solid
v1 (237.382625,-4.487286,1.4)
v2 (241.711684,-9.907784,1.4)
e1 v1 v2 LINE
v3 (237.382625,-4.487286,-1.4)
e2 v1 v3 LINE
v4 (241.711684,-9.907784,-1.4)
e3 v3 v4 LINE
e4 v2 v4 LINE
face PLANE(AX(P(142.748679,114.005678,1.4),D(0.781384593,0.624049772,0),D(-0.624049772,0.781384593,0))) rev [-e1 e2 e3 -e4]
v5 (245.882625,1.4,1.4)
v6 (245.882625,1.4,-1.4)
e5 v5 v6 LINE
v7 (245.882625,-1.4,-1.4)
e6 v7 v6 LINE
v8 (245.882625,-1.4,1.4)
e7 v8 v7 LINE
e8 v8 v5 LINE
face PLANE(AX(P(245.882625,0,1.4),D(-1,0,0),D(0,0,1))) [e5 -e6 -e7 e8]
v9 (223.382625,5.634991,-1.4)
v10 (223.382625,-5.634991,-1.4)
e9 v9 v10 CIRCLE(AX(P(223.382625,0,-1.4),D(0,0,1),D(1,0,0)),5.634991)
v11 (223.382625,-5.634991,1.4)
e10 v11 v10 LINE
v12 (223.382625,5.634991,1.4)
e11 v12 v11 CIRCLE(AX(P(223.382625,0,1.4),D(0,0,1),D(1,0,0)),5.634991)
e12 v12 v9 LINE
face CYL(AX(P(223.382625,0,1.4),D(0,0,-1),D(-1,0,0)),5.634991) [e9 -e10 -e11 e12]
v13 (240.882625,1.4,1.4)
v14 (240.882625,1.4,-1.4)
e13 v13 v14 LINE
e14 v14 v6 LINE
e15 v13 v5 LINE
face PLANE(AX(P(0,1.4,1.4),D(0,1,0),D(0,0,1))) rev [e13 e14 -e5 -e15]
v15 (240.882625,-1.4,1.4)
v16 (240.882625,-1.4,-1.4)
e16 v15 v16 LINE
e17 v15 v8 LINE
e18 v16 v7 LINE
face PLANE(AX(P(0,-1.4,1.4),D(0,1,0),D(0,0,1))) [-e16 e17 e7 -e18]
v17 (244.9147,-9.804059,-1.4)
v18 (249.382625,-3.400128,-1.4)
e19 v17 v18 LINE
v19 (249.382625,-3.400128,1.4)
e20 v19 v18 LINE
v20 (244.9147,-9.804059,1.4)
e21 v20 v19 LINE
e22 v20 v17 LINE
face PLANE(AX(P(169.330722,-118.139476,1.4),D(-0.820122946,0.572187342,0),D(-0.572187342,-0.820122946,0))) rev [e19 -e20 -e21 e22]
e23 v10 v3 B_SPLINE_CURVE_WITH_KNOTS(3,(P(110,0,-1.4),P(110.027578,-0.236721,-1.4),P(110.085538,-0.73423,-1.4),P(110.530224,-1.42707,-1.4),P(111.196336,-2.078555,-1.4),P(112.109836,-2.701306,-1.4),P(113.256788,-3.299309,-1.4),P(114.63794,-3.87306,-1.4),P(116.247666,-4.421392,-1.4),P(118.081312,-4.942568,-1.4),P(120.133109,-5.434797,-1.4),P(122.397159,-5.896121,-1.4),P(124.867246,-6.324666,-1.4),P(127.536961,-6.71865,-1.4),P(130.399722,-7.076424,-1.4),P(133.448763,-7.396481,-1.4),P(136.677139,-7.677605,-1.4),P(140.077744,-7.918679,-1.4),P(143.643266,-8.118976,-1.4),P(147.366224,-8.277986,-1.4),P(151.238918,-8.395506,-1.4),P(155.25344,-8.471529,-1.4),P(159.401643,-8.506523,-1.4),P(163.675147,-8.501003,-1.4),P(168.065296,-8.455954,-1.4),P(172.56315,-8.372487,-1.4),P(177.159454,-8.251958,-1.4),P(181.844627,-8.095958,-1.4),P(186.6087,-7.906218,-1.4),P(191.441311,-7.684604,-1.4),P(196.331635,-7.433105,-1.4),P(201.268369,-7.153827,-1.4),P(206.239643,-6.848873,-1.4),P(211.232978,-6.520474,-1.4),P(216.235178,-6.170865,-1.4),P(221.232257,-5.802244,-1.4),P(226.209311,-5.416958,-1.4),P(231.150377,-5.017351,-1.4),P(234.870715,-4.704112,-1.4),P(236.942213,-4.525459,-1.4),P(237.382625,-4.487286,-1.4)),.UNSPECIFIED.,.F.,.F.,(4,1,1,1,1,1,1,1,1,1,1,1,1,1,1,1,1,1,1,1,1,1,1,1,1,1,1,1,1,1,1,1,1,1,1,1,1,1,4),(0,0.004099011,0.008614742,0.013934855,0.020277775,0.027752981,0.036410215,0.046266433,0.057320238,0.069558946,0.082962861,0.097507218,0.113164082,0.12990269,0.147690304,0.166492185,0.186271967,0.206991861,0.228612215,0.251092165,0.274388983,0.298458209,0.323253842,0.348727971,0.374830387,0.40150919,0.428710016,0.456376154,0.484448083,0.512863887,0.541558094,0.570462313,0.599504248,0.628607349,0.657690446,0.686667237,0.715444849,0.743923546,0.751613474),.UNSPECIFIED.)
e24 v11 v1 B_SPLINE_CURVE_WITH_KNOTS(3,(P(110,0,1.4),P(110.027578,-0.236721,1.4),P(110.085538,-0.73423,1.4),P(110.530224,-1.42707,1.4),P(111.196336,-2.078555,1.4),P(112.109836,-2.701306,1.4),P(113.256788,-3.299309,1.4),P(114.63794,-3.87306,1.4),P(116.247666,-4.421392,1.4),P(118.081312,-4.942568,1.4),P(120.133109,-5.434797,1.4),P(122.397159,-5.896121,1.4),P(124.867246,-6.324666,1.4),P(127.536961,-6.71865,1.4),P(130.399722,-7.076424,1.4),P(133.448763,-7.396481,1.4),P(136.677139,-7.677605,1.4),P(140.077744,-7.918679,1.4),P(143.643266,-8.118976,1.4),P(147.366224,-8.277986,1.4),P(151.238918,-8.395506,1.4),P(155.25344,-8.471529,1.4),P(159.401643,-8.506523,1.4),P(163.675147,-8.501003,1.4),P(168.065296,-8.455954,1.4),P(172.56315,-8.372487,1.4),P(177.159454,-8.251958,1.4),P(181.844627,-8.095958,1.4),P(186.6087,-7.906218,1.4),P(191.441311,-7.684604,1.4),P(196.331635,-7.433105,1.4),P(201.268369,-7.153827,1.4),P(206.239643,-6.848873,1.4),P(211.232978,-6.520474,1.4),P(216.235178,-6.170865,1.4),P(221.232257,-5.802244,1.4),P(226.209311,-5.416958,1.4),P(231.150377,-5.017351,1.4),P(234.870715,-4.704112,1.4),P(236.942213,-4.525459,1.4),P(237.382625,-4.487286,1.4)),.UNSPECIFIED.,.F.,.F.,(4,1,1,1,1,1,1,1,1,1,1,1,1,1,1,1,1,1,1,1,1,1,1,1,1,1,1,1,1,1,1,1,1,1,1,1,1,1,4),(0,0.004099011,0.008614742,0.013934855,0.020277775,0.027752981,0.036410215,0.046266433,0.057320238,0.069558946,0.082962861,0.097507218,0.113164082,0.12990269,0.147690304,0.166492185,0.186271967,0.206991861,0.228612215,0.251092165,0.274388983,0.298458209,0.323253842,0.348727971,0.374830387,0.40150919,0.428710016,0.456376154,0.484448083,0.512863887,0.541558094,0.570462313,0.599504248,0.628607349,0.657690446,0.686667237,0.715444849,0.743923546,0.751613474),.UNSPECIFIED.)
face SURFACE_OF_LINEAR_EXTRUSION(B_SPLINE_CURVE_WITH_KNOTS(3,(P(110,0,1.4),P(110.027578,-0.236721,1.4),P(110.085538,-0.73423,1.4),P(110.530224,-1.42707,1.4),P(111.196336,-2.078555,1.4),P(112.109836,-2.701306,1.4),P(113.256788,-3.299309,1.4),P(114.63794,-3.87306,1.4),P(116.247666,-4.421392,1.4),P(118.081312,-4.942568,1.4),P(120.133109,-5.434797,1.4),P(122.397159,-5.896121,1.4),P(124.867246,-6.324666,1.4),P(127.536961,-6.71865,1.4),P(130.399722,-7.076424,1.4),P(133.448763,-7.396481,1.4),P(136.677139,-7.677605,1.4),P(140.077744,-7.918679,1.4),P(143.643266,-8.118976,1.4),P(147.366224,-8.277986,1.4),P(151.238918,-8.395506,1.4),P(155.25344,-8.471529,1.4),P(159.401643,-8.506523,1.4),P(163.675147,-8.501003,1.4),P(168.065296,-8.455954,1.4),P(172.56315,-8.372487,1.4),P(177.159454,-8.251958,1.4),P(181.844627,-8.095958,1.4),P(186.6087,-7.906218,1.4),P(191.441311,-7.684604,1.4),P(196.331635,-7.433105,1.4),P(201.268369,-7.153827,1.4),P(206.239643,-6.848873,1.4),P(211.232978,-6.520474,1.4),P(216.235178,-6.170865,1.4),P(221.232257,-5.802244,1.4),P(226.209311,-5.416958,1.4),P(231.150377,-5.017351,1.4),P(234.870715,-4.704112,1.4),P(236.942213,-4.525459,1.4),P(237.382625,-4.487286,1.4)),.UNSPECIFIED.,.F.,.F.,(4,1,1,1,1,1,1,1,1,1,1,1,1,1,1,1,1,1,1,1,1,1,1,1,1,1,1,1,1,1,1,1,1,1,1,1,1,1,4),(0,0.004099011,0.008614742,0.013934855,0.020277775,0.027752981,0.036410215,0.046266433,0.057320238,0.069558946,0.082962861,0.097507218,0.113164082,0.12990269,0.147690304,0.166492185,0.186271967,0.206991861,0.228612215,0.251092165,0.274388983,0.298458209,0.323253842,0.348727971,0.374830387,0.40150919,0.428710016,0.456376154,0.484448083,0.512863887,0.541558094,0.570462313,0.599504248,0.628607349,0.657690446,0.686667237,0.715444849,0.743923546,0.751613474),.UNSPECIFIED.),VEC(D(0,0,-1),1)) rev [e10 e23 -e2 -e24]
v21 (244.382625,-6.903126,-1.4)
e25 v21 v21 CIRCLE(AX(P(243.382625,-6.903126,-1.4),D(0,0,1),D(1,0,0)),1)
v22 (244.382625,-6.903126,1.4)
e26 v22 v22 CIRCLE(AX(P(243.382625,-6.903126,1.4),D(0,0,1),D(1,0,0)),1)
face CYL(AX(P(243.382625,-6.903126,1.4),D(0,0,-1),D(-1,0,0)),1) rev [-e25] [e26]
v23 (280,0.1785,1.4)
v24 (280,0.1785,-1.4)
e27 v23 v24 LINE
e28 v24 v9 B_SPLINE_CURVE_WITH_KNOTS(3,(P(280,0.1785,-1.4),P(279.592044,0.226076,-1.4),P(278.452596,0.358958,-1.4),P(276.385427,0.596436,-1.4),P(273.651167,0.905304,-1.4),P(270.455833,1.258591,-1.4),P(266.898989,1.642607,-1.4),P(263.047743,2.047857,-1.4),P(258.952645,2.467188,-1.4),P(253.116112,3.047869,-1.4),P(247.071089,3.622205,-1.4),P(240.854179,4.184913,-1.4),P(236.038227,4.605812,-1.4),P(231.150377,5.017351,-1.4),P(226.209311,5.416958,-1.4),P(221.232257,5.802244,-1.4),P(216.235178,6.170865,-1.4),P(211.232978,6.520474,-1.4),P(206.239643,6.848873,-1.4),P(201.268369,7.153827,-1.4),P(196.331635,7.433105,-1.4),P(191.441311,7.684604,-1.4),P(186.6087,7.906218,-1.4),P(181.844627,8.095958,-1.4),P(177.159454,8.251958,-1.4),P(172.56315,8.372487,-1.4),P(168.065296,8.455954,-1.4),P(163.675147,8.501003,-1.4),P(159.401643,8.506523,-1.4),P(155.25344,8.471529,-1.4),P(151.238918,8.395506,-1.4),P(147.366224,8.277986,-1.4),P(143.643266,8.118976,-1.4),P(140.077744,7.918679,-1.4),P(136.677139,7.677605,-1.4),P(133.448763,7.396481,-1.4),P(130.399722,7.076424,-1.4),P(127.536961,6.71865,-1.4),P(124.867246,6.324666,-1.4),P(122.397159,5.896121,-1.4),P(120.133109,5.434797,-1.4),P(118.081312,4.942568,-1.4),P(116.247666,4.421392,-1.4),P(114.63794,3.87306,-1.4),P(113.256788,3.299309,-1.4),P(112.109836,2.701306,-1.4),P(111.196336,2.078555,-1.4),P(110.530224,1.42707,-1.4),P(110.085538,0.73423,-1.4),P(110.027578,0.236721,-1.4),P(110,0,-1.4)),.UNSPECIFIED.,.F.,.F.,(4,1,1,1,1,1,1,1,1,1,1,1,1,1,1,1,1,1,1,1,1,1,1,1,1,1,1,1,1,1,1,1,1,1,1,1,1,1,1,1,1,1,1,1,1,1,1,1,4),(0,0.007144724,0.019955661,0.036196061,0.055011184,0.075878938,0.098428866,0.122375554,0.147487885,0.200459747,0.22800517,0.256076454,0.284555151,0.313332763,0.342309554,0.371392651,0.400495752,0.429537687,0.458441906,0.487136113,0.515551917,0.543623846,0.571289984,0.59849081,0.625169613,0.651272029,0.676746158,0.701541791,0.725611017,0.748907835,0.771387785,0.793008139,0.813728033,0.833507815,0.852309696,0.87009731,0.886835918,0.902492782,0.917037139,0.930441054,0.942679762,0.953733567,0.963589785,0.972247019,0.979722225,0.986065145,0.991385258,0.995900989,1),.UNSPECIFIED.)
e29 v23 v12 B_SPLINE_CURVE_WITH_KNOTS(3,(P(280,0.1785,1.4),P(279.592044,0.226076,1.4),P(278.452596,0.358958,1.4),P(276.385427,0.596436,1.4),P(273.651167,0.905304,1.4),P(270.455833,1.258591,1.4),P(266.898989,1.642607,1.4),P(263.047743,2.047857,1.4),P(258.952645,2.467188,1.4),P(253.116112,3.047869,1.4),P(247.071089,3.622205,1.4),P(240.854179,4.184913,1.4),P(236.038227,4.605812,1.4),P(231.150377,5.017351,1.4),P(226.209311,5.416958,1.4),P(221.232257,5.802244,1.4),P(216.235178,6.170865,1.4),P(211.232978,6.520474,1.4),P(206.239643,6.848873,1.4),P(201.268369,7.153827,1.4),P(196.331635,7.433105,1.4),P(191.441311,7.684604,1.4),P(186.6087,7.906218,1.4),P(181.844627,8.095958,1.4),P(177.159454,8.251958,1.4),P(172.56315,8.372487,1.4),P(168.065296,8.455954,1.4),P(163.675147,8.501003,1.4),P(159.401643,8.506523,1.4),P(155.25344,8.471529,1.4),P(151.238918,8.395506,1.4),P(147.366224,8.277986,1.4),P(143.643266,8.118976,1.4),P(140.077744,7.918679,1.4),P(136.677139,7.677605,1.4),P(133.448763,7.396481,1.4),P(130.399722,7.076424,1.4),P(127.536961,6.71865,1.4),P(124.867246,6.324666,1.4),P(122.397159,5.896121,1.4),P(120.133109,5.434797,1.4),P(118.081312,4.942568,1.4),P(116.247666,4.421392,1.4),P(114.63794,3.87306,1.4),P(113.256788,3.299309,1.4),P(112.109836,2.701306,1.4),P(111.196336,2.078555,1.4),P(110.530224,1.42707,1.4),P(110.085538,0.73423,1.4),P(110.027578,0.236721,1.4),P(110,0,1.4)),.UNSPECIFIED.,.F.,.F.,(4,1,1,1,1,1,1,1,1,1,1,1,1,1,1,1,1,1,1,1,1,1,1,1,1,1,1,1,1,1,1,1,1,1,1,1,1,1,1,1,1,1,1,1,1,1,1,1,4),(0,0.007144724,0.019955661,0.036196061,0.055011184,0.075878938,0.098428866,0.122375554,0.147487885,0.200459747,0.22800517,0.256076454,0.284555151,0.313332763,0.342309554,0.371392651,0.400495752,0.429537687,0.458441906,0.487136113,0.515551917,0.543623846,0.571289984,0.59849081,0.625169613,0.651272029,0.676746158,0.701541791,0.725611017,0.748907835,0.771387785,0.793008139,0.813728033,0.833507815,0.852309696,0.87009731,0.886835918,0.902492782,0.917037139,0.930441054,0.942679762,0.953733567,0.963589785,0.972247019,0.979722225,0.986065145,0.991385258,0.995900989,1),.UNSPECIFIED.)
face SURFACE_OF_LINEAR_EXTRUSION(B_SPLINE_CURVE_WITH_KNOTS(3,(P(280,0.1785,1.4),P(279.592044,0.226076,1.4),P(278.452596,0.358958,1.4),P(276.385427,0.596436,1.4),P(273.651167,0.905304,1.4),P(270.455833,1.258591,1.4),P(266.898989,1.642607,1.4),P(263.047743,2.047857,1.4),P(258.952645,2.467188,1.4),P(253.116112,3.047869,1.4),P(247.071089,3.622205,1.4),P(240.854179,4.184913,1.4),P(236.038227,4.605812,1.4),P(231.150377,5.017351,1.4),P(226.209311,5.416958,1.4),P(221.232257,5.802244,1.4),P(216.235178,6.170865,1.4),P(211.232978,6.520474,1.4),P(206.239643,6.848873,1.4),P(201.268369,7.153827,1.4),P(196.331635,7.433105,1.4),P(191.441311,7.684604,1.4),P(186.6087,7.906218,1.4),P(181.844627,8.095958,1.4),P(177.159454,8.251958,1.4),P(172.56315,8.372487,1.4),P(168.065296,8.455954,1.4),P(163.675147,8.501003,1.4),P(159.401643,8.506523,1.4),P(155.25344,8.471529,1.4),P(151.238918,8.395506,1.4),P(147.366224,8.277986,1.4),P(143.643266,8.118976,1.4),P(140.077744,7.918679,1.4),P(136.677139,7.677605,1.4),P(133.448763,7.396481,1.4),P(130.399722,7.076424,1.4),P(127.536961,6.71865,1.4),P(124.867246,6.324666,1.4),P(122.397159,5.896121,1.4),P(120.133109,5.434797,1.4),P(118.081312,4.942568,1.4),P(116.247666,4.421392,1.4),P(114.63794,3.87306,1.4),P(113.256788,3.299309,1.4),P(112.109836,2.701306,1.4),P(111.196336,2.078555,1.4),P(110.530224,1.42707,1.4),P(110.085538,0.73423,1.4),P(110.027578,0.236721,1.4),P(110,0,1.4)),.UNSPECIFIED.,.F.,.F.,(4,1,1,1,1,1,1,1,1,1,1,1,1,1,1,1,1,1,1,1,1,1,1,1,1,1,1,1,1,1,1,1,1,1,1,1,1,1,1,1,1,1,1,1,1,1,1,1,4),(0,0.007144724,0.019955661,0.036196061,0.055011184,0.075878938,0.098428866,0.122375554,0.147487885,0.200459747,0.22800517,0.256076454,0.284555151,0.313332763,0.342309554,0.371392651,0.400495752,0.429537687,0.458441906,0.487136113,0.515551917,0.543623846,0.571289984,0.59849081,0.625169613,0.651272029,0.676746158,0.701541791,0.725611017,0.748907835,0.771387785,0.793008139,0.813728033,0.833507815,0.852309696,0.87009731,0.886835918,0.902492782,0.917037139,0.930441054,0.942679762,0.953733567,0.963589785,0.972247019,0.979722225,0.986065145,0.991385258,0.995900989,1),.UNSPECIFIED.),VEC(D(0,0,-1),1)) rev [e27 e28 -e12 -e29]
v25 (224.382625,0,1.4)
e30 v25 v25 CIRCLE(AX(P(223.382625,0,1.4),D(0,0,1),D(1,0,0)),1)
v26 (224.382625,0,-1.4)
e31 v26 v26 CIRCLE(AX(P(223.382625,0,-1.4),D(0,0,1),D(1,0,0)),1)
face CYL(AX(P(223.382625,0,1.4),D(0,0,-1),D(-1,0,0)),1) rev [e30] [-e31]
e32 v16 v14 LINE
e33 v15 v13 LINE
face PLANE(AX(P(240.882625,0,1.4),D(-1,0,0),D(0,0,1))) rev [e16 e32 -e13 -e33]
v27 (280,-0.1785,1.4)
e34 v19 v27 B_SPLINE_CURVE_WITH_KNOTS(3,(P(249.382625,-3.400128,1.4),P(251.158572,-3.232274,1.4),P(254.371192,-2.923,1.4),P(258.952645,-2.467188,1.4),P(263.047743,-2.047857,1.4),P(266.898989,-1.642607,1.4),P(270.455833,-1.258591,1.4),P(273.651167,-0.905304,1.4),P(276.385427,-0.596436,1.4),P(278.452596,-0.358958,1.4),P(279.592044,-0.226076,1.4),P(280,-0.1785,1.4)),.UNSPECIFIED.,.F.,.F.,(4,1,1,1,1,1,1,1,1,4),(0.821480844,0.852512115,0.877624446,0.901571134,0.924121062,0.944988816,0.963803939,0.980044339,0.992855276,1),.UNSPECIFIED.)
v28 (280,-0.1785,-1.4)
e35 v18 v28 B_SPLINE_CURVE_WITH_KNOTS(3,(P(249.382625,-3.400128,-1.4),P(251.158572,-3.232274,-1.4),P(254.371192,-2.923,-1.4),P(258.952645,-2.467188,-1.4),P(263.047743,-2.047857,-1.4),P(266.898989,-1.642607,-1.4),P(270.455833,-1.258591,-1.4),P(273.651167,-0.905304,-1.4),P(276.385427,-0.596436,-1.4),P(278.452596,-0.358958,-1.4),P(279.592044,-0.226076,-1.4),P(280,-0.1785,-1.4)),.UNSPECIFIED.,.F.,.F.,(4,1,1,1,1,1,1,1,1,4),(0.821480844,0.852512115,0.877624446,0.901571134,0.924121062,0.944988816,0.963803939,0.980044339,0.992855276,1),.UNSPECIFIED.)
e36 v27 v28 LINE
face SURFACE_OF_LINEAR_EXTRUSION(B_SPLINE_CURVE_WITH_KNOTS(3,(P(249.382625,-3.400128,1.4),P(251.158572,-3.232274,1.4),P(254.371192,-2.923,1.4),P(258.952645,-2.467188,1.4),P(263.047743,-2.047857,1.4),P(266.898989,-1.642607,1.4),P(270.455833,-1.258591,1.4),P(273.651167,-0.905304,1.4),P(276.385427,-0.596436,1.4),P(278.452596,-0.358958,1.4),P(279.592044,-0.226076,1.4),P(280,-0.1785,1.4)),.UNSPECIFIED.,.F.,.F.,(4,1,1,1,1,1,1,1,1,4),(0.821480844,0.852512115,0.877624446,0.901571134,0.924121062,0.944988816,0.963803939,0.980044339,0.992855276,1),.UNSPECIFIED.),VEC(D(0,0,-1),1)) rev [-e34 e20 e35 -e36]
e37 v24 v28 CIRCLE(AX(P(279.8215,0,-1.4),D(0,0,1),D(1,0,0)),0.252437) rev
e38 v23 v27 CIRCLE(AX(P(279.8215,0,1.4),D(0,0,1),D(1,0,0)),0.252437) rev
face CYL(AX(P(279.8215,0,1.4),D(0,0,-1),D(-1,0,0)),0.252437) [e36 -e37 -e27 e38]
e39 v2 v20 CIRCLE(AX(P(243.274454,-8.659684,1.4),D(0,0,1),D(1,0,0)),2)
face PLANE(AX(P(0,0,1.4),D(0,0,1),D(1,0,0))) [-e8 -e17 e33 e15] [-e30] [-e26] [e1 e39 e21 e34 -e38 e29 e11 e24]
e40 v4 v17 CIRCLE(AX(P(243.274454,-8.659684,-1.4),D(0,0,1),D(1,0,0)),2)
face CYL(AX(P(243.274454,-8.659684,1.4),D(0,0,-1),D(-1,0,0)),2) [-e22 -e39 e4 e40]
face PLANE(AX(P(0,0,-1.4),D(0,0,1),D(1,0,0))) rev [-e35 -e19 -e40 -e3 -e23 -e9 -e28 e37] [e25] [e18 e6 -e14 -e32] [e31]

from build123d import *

# Parameters (mm, degrees)
SKETCH_1_R      = 1
SKETCH_1_W      = 5
SKETCH_1_H      = 2.8
EXTRUDE_1_DEPTH = 1.4


with BuildPart() as part:
    # Эскиз1 → Бобышка-Вытянуть1 (new, symmetric)
    with BuildSketch(Plane.XY):
        with BuildLine():
            ThreePointArc((223.382624747, 5.634990628), (219.398084745, 3.984540168), (217.747634119, 2.35e-07))
            ThreePointArc((217.747634119, 2.35e-07), (219.398084579, -3.984540002), (223.382624747, -5.634990628))
            add(Edge.make_bspline(
                [(223.382624746, -5.634990613), (224.328656864, -5.56201019), (226.923894547, -5.35916654), (231.150377303, -5.017351086), (234.870714804, -4.704112055), (236.94221324, -4.525459463), (237.382624747, -4.487285848)],
                knots=[0.670161589, 0.670161589, 0.670161589, 0.670161589, 0.686667237, 0.715444849, 0.743923546, 0.751613474, 0.751613474, 0.751613474, 0.751613474], degree=3))
            Line((237.382624747, -4.487285848), (241.711684424, -9.907783831))
            ThreePointArc((241.711684424, -9.907783831), (243.33918669, -10.658636419), (244.914699501, -9.80405897))
            Line((244.914699501, -9.80405897), (249.382624747, -3.400128388))
            add(Edge.make_bspline(
                [(249.382624747, -3.400128388), (251.158571989, -3.232274224), (254.371192488, -2.923000161), (258.952644662, -2.467188138), (263.047743378, -2.047856604), (266.898988862, -1.642607304), (270.455833183, -1.258590905), (273.651166984, -0.905304265), (276.385426802, -0.596436482), (278.45259621, -0.358958361), (279.592043704, -0.226075898), (280, -0.1785)],
                knots=[0.821480844, 0.821480844, 0.821480844, 0.821480844, 0.852512115, 0.877624446, 0.901571134, 0.924121062, 0.944988816, 0.963803939, 0.980044339, 0.992855276, 1, 1, 1, 1], degree=3))
            ThreePointArc((280, -0.1785), (280.073937121, 0), (280, 0.1785))
            add(Edge.make_bspline(
                [(280, 0.1785), (279.592043704, 0.226075898), (278.45259621, 0.358958361), (276.385426802, 0.596436482), (273.651166984, 0.905304265), (270.455833183, 1.258590905), (266.898988862, 1.642607304), (263.047743378, 2.047856604), (258.952644662, 2.467188138), (253.116111921, 3.047869044), (247.071089236, 3.62220531), (240.854179313, 4.184912649), (236.038226964, 4.605811749), (231.150377303, 5.017351103), (226.923894547, 5.359166556), (224.328656864, 5.562010205), (223.382624747, 5.634990628)],
                knots=[0, 0, 0, 0, 0.007144724, 0.019955661, 0.036196061, 0.055011184, 0.075878938, 0.098428866, 0.122375554, 0.147487885, 0.200459747, 0.22800517, 0.256076454, 0.284555151, 0.313332763, 0.329838411, 0.329838411, 0.329838411, 0.329838411], degree=3))
        make_face()
        with Locations((243.382624747, -6.903125596)):
            Circle(SKETCH_1_R, mode=Mode.SUBTRACT)
        with Locations((223.382624747, 0)):
            Circle(SKETCH_1_R, mode=Mode.SUBTRACT)
        with Locations((243.382624747, 0)):
            Rectangle(SKETCH_1_W, SKETCH_1_H, mode=Mode.SUBTRACT)
    extrude(amount=EXTRUDE_1_DEPTH, both=True)


solid = part.part
